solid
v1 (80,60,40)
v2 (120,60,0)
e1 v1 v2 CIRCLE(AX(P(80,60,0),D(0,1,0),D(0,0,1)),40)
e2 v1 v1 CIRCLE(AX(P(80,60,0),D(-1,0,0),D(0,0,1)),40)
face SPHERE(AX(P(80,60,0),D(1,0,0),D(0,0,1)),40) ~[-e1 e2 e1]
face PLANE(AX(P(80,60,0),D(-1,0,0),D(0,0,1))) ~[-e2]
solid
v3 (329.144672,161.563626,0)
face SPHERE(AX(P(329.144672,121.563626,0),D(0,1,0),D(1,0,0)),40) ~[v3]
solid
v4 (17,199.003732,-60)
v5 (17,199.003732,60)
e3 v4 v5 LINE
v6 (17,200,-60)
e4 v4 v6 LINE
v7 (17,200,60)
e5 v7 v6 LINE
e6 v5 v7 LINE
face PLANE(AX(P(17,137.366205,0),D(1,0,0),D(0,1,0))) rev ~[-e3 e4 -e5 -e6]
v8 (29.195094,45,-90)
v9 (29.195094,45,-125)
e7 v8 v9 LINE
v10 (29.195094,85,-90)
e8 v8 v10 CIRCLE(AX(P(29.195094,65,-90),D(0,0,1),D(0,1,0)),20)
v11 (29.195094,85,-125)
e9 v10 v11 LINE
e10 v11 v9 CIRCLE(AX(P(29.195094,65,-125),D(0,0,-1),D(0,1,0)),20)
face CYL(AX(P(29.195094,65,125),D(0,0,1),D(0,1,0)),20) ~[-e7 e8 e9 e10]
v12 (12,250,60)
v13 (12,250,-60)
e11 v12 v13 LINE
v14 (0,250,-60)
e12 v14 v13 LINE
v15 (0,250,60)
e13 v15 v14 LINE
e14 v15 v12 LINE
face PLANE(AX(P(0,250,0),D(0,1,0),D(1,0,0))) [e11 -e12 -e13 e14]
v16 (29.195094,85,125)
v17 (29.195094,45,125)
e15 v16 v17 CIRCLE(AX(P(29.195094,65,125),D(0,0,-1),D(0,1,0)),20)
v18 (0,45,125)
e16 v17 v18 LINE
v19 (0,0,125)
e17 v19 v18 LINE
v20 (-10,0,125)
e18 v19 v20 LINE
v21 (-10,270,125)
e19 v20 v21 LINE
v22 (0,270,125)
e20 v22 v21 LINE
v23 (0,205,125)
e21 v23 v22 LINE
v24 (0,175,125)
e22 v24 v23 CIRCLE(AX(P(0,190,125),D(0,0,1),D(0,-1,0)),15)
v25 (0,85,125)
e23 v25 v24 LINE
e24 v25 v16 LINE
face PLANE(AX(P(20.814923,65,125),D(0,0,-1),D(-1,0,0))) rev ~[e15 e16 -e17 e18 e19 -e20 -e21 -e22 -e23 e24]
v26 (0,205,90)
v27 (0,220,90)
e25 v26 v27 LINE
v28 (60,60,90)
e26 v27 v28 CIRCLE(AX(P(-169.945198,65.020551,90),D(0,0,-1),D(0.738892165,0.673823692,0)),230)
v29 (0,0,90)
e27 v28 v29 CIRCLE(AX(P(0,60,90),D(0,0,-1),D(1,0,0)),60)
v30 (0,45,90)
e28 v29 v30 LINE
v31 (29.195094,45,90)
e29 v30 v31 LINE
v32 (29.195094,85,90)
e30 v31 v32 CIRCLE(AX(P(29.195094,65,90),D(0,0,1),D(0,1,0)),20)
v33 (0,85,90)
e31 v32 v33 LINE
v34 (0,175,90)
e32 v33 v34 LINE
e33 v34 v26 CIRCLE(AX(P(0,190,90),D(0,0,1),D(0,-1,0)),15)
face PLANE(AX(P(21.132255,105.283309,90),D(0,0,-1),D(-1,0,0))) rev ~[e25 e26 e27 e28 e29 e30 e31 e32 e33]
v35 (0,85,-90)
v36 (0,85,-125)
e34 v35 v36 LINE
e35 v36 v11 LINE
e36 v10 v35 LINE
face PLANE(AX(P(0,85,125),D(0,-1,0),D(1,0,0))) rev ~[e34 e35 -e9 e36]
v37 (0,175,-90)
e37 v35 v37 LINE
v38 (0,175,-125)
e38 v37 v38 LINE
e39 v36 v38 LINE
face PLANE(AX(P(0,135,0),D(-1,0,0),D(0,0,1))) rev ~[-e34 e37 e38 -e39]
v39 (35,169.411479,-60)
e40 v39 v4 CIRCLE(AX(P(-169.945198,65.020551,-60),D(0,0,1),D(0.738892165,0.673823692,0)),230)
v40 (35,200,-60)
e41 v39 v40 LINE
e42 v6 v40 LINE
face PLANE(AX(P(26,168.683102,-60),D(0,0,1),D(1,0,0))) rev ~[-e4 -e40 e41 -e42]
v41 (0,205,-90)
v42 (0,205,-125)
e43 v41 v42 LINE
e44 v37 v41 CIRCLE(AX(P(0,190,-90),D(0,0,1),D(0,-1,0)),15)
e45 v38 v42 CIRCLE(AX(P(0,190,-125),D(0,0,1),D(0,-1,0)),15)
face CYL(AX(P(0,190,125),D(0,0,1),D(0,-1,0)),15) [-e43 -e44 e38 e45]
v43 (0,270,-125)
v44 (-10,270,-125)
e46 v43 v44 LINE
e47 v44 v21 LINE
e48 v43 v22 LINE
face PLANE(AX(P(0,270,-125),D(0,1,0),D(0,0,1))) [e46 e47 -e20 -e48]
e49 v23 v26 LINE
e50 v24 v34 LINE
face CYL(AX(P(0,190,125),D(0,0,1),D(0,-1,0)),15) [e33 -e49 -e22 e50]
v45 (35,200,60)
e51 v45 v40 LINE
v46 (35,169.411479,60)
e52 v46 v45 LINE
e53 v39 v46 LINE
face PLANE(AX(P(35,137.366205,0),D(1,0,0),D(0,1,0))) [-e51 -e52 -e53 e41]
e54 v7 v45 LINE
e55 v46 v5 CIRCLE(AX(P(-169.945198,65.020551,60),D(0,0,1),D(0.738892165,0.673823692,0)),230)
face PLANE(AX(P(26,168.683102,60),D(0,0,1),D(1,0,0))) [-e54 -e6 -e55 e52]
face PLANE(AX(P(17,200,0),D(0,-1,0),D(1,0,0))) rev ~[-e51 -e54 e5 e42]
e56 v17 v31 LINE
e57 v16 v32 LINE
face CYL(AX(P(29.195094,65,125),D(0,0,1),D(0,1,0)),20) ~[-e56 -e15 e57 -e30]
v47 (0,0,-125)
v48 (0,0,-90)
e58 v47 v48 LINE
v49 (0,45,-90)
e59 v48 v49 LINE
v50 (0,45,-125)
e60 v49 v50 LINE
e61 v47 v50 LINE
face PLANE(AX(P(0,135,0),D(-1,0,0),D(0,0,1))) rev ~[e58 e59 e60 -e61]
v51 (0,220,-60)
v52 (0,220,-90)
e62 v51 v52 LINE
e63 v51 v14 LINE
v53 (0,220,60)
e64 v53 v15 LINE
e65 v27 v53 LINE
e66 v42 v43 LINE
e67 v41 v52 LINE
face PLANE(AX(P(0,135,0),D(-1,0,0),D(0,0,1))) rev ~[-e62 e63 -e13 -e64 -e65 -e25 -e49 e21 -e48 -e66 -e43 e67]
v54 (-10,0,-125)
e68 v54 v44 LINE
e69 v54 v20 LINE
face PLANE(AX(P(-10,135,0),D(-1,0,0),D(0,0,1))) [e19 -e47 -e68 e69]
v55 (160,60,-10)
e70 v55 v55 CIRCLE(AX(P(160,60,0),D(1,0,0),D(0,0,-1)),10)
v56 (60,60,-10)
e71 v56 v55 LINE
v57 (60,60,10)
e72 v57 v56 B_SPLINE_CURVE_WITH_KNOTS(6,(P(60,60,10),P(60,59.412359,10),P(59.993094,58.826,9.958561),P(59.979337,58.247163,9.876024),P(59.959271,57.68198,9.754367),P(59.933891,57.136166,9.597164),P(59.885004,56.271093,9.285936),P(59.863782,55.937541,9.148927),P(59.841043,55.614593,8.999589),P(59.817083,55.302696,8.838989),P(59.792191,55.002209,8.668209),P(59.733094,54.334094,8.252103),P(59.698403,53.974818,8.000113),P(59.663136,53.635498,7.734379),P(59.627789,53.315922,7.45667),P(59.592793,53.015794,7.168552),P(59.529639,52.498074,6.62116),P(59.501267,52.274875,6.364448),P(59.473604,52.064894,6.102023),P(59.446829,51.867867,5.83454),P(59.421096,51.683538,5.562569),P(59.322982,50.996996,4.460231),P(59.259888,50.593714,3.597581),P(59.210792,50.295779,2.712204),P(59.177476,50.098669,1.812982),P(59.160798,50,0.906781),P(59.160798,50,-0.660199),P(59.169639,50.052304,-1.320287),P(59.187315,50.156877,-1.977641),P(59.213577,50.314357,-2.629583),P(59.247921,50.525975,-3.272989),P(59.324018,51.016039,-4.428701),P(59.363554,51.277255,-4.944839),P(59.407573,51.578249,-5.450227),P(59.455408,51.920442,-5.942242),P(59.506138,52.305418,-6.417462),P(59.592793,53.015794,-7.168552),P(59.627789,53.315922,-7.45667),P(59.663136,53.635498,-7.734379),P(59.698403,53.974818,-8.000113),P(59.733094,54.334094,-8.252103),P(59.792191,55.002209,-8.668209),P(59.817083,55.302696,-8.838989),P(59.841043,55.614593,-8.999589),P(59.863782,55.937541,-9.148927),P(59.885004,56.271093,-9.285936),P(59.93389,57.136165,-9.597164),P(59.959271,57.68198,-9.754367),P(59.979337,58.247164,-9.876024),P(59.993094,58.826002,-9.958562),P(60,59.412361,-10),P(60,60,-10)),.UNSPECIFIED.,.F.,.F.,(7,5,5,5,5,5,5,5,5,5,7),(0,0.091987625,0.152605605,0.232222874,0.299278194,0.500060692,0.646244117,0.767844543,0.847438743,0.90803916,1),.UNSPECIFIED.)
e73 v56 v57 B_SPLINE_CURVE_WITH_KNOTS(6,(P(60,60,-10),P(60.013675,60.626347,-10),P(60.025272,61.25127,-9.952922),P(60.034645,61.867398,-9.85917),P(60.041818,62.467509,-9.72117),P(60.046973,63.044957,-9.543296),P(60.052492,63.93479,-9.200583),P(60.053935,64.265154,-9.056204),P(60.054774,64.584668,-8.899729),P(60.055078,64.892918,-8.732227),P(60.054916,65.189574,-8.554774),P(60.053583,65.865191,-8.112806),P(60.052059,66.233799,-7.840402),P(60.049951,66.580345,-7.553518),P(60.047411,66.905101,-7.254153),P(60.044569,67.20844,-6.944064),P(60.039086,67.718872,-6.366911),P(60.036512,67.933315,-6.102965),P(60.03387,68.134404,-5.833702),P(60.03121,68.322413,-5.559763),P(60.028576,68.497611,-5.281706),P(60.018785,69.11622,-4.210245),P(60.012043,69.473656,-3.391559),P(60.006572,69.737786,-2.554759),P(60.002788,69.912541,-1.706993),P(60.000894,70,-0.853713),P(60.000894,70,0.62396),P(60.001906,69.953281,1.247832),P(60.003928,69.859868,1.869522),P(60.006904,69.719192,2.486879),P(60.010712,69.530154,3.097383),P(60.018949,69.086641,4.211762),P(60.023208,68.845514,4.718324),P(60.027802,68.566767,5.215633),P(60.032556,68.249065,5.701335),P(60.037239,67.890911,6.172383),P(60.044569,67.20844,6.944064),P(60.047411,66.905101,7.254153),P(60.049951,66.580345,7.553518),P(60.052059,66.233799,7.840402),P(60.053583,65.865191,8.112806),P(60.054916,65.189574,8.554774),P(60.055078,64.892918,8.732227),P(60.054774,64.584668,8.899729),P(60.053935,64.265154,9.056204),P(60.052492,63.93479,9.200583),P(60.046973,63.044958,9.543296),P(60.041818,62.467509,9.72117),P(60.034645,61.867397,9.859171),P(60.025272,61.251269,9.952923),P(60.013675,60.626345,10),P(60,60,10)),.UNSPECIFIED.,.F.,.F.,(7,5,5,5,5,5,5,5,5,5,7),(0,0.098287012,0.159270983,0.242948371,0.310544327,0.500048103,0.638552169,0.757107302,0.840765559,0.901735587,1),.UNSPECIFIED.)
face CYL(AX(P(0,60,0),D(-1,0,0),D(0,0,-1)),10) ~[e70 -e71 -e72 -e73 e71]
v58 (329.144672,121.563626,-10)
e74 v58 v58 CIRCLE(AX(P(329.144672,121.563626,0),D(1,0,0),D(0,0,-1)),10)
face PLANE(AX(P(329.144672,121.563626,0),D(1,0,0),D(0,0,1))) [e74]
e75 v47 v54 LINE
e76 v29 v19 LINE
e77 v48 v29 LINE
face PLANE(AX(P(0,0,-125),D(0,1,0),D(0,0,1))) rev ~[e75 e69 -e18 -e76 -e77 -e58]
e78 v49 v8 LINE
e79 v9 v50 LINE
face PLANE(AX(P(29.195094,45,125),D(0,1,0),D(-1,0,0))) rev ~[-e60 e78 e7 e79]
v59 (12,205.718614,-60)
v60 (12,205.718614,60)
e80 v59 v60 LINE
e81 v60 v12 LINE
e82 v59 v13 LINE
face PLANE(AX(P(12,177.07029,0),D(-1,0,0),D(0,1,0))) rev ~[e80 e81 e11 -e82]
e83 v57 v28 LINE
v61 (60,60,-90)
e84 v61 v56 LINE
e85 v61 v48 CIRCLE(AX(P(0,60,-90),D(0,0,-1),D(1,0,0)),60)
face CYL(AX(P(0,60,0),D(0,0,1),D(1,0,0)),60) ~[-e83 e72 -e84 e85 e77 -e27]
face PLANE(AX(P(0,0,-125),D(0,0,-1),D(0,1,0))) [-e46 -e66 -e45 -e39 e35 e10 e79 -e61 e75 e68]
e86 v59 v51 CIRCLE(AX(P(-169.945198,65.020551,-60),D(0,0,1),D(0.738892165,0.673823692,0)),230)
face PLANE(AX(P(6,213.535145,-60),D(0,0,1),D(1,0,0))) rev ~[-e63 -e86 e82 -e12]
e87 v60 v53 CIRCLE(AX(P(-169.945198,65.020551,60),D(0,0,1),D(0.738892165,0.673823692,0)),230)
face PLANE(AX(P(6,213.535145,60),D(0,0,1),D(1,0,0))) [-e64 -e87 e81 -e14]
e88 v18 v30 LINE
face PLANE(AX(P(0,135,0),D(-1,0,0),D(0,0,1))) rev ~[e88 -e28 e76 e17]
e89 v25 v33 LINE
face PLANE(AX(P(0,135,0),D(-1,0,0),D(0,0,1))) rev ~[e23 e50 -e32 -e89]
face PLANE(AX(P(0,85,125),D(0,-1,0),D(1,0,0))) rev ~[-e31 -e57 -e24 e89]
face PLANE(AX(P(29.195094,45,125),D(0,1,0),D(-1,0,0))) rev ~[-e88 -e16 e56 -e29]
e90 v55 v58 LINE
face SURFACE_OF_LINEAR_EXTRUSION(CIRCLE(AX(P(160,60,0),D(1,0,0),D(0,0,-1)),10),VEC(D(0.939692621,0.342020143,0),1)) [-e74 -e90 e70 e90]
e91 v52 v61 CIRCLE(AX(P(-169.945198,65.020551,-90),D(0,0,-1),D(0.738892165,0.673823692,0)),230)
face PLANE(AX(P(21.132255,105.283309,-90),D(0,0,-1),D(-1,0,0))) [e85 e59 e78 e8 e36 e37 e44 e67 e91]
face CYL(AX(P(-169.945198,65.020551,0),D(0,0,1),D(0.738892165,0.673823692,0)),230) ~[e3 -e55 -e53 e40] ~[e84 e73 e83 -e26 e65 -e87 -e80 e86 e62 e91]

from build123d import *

# Parameters (mm, degrees)
BOSS_EXTRUDE1_DEPTH = 90
SKETCH2_W           = 250
SKETCH2_H           = 270
BOSS_EXTRUDE2_DEPTH = 10
SKETCH4_W           = 12
SKETCH4_H           = 72.929709738
SKETCH4_W_2         = 18
SKETCH4_H_2         = 62.633795367
BOSS_EXTRUDE3_DEPTH = 60
BOSS_EXTRUDE4_DEPTH = 250
SKETCH6_R           = 10
BOSS_EXTRUDE5_DEPTH = 160
SKETCH9_R           = 10


with BuildPart() as part:
    # Sketch1 → Boss-Extrude1 (new body, symmetric)
    with BuildSketch(Plane.XY):
        with BuildLine():
            Line((0, 0), (0, 220))
            ThreePointArc((0, 220), (45.41051287, 145.778942326), (60, 60))
            ThreePointArc((60, 60), (42.426406871, 17.573593129), (0, 0))
        make_face()
    extrude(amount=BOSS_EXTRUDE1_DEPTH, both=True)

    # Sketch2 → Boss-Extrude2 (add)
    with BuildSketch(Plane.ZY):
        with Locations((0, 135)):
            Rectangle(SKETCH2_W, SKETCH2_H)
    extrude(amount=BOSS_EXTRUDE2_DEPTH)

    # Sketch4 → Boss-Extrude3 (add, symmetric)
    with BuildSketch(Plane.XY):
        with Locations((6, 213.535145131)):
            Rectangle(SKETCH4_W, SKETCH4_H)
        with Locations((26, 168.683102316)):
            Rectangle(SKETCH4_W_2, SKETCH4_H_2)
    extrude(amount=BOSS_EXTRUDE3_DEPTH, both=True)

    # Sketch5 → Boss-Extrude4 (add)
    with BuildSketch(Plane.XY.offset(125)):
        with BuildLine():
            Line((0, 85), (29.195094319, 85))
            ThreePointArc((29.195094319, 85), (49.195094319, 65), (29.195094319, 45))
            Line((29.195094319, 45), (0, 45))
            Line((0, 45), (0, 85))
        make_face()
        with BuildLine():
            Line((0, 205), (0, 175))
            ThreePointArc((0, 175), (15, 190), (0, 205))
        make_face()
    extrude(amount=-BOSS_EXTRUDE4_DEPTH)

    # Sketch6 → Boss-Extrude5 (add)
    with BuildSketch(Plane(origin=(0, 0, 0), x_dir=(0, 0, -1), z_dir=(1, 0, 0))):
        with Locations((0, 60)):
            Circle(SKETCH6_R)
    extrude(amount=BOSS_EXTRUDE5_DEPTH)

    # Sweep1: sweep along a path in Sketch8
    with BuildLine(Plane.XY) as sweep1_path:
        Line((160, 60), (329.144671741, 121.563625799))
    # Sketch9 → Sweep1 (sweep)
    with BuildSketch(Plane(origin=(160, 0, 0), x_dir=(0, 0, -1), z_dir=(1, 0, 0))):
        with Locations((0, 60)):
            Circle(SKETCH9_R)
    sweep(path=sweep1_path.line)


with BuildPart() as body_2:
    # Sketch7 → Revolve1 (revolve)
    with BuildSketch(Plane(origin=(0, 60, 0), x_dir=(-1, 0, 0), z_dir=(0, -1, 0))):
        with BuildLine():
            Line((-80, 0), (-80, -40))
            ThreePointArc((-80, -40), (-108.284271247, -28.284271247), (-120, 0))
            Line((-120, 0), (-80, 0))
        make_face()
    revolve(axis=Axis((120, 60, 0), (-1, 0, 0)))


with BuildPart() as body_3:
    # Sketch10 → Revolve2 (revolve)
    with BuildSketch(Plane.XY):
        with BuildLine():
            Line((329.144671741, 161.563625799), (329.144671741, 81.563625799))
            ThreePointArc((329.144671741, 81.563625799), (369.144671741, 121.563625799), (329.144671741, 161.563625799))
        make_face()
    revolve(axis=Axis((329.144671741, 161.563625799, 0), (0, -1, 0)))


solid = Compound([part.part, body_2.part, body_3.part])
